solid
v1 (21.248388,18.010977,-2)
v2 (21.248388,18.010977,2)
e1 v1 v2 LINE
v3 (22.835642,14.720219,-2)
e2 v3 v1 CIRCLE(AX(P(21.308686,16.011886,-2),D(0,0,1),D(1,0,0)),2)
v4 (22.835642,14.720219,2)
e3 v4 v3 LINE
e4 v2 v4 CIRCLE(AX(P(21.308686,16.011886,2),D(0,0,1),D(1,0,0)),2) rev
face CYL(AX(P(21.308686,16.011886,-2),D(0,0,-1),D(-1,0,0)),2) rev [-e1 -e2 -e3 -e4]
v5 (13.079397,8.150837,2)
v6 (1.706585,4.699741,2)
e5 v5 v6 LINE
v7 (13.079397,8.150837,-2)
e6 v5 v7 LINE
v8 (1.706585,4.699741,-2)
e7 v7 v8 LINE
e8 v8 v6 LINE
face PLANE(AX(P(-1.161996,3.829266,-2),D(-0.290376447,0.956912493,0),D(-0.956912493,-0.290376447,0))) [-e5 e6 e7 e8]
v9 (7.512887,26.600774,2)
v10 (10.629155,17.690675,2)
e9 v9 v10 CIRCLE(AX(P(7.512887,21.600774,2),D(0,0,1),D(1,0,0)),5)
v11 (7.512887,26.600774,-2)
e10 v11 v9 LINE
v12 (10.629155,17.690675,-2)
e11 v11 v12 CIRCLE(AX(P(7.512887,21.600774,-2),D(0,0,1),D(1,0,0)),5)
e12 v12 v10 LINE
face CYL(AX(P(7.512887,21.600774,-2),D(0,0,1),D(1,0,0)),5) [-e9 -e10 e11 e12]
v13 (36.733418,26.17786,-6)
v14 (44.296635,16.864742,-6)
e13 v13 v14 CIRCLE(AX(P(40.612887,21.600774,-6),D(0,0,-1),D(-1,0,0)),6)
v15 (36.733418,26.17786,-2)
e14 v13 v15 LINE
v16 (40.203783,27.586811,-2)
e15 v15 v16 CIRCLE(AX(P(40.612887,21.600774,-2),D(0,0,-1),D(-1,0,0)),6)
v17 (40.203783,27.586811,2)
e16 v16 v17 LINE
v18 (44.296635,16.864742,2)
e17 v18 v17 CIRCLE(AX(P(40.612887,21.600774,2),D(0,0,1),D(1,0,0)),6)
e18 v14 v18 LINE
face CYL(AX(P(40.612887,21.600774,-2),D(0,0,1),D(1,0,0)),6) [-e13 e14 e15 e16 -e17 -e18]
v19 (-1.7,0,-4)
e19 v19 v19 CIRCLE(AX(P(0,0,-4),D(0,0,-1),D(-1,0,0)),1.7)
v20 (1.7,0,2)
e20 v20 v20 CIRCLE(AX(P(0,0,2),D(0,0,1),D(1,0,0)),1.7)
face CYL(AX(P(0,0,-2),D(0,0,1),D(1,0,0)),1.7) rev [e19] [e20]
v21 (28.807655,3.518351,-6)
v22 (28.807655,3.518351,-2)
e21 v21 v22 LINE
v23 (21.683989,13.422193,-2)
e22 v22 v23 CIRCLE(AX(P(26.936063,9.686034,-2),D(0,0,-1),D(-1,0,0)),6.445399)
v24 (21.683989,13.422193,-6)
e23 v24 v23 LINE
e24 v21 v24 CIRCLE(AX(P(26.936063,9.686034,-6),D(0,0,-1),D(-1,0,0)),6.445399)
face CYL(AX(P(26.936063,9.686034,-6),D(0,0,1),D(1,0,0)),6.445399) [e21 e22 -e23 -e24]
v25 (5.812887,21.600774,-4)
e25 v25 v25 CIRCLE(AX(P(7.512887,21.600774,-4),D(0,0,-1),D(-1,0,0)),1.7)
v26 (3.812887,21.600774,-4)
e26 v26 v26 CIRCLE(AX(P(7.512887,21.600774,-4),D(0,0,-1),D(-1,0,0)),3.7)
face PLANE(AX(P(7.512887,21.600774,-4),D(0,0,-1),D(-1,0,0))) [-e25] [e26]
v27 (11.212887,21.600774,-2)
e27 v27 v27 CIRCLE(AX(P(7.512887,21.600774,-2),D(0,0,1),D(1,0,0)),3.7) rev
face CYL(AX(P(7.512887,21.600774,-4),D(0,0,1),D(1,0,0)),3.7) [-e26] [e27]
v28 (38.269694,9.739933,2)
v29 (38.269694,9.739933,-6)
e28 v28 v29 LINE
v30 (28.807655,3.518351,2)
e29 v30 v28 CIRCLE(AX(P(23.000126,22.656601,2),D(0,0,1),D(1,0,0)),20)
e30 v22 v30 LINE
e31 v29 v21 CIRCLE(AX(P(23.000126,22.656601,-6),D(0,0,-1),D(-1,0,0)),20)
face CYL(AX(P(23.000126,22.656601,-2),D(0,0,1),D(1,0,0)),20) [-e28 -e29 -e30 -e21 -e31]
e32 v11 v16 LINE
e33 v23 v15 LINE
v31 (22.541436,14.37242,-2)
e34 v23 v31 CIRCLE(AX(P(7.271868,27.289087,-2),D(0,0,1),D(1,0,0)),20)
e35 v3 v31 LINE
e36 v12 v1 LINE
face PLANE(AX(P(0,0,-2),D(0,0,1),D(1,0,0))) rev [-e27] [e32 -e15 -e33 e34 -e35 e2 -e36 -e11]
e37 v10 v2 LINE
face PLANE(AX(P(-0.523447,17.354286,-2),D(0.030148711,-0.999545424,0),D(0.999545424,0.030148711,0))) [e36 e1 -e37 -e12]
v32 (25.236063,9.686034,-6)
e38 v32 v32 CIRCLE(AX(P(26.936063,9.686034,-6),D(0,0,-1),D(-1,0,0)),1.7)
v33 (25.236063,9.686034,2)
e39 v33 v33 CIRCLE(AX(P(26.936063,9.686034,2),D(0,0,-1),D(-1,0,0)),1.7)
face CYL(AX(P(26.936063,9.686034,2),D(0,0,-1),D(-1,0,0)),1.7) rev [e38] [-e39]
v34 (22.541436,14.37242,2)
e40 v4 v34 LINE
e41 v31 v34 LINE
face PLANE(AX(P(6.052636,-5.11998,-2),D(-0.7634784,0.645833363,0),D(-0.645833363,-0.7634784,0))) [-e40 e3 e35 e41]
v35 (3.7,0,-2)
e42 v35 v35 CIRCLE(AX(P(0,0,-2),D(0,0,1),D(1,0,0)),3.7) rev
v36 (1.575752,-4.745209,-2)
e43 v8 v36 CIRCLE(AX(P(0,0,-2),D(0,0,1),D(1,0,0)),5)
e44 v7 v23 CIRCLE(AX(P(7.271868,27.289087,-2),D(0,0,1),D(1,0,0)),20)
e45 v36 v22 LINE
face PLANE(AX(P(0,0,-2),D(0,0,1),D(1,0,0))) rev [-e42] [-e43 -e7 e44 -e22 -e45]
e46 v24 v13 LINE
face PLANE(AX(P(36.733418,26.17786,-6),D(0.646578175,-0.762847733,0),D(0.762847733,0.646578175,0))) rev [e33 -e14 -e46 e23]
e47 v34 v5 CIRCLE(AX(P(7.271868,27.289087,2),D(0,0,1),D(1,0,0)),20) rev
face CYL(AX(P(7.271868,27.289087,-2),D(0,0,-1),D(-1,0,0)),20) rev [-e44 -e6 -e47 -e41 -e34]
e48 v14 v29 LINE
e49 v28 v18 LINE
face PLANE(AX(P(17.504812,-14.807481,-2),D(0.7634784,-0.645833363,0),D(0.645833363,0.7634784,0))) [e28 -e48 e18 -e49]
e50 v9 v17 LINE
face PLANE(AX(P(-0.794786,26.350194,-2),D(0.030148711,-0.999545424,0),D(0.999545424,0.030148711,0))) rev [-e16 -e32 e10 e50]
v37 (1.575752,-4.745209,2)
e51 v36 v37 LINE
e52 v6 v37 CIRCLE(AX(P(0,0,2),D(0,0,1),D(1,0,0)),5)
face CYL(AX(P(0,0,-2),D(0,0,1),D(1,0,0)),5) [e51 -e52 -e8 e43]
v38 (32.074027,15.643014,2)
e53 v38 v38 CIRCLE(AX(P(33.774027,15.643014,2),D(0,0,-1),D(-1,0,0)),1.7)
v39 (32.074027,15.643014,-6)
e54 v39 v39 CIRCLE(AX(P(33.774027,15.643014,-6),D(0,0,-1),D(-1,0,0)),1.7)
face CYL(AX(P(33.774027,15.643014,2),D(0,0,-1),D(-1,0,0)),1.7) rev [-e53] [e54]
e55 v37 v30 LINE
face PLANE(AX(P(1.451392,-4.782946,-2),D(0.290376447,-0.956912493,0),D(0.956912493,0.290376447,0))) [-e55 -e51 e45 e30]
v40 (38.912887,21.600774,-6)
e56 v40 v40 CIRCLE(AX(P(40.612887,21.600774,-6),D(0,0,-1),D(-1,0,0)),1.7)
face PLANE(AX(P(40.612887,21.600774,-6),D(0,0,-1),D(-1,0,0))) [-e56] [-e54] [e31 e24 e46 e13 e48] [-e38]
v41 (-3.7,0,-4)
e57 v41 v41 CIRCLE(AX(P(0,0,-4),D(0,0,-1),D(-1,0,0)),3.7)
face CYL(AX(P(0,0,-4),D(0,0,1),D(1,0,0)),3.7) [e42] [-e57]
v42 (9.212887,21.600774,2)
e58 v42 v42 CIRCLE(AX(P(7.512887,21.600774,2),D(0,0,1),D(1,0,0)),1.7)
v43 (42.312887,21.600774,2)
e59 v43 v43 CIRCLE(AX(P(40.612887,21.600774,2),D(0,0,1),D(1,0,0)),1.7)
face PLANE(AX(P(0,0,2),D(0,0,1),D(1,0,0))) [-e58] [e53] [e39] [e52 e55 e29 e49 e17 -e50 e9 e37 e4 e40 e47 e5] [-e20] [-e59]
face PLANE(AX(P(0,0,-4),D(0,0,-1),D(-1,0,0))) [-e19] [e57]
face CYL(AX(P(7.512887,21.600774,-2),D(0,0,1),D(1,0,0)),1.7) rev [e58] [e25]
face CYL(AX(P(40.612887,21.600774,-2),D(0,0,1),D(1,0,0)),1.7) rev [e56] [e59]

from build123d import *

# Parameters (mm, degrees)
BOSS_EXTRUDE1_DEPTH      = 2
BOSS_EXTRUDE1_DEPTH_BACK = 2
SKETCH2_R                = 1.7
FILLET1_R                = 20
BOSS_EXTRUDE4_START      = 4
SKETCH7_R                = 1.7
BOSS_EXTRUDE4_DEPTH      = 4
BOSS_EXTRUDE5_START      = 2
SKETCH8_R                = 3.7
SKETCH8_R_2              = 1.7
BOSS_EXTRUDE5_DEPTH      = 2
FILLET4_R                = 2
SKETCH9_R                = 1.7
CUT_EXTRUDE1_DEPTH       = 55.759144692


with BuildPart() as part:
    # Sketch2 → Boss-Extrude1 (new, two sides: drawn at the far end of the back side and taken through both)
    with BuildSketch(Plane.XY.offset(-BOSS_EXTRUDE1_DEPTH_BACK)):
        with BuildLine():
            Line((1.575752274, -4.745208612), (34.456924853, 5.232629629))
            Line((34.456924853, 5.232629629), (44.296635241, 16.864742156))
            ThreePointArc((44.296635241, 16.864742156), (46.218376178, 23.740514028), (40.203783054, 27.586810508))
            Line((40.203783054, 27.586810508), (7.512886707, 26.600773906))
            ThreePointArc((7.512886707, 26.600773906), (2.79322071, 19.950091357), (10.629154827, 17.690675057))
            Line((10.629154827, 17.690675057), (25.733767379, 18.146266751))
            Line((25.733767379, 18.146266751), (18.728666276, 9.86511608))
            Line((18.728666276, 9.86511608), (1.70658462, 4.699741369))
            ThreePointArc((1.70658462, 4.699741369), (-4.999520368, 0.069253832), (1.575752274, -4.745208612))
        make_face()
        Circle(SKETCH2_R, mode=Mode.SUBTRACT)
        with Locations((40.612886707, 21.600773906)):
            Circle(SKETCH2_R, mode=Mode.SUBTRACT)
        with Locations((7.512886707, 21.600773906)):
            Circle(SKETCH2_R, mode=Mode.SUBTRACT)
    extrude(amount=BOSS_EXTRUDE1_DEPTH + BOSS_EXTRUDE1_DEPTH_BACK)

    # Fillet1
    fillet1_edges = [part.edges().sort_by_distance(p)[0] for p in [
        (34.456924853, 5.232629629, 0),
        (18.728666276, 9.86511608, 0),
    ]]
    fillet(fillet1_edges, radius=FILLET1_R)

    # Sketch7 → Boss-Extrude4 (add)
    with BuildSketch(Plane(origin=(0, 0, -2), x_dir=(-1, 0, 0), z_dir=(0, 0, -1)).offset(BOSS_EXTRUDE4_START)):
        with BuildLine():
            Line((-36.733417778, 26.177860406), (-21.683989193, 13.422192867))
            ThreePointArc((-21.683989193, 13.422192867), (-21.70362245, 5.922427438), (-28.807655282, 3.518350802))
            ThreePointArc((-28.807655282, 3.518350802), (-33.988212002, 5.945467438), (-38.269694349, 9.739933408))
            Line((-38.269694349, 9.739933408), (-44.296635241, 16.864742156))
            ThreePointArc((-44.296635241, 16.864742156), (-45.270474012, 25.383217626), (-36.733417778, 26.177860406))
        make_face()
        with Locations(Location((-40.612886707, 21.600773906, 0), (0, 0, 180))):
            Circle(SKETCH7_R, mode=Mode.SUBTRACT)
    extrude(amount=-BOSS_EXTRUDE4_DEPTH)

    # Sketch8 → Boss-Extrude5 (add)
    # profile 1 of 2: a face of its own
    with BuildSketch(Plane(origin=(0, 0, -2), x_dir=(-1, 0, 0), z_dir=(0, 0, -1)).offset(BOSS_EXTRUDE5_START)):
        with Locations(Location((-7.512886707, 21.600773906, 0), (0, 0, 180))):
            Circle(SKETCH8_R)
        with Locations(Location((-7.512886707, 21.600773906, 0), (0, 0, 180))):
            Circle(SKETCH8_R_2, mode=Mode.SUBTRACT)
    # profile 2 of 2: a face of its own
    with BuildSketch(Plane(origin=(0, 0, -2), x_dir=(-1, 0, 0), z_dir=(0, 0, -1)).offset(BOSS_EXTRUDE5_START)):
        with Locations(Location((0, 0, 0), (0, 0, 180))):
            Circle(SKETCH8_R)
        with Locations(Location((0, 0, 0), (0, 0, 180))):
            Circle(SKETCH8_R_2, mode=Mode.SUBTRACT)
    extrude(amount=-BOSS_EXTRUDE5_DEPTH)

    # Fillet4
    fillet4_edges = [part.edges().sort_by_distance(p)[0] for p in [
        (25.733767379, 18.146266751, 0),
    ]]
    fillet(fillet4_edges, radius=FILLET4_R)

    # Sketch9 → Cut-Extrude1 (cut, through all)
    with BuildSketch(Plane(origin=(0, 0, -6), x_dir=(-1, 0, 0), z_dir=(0, 0, -1))):
        with Locations((-33.774027465, 15.643013901)):
            Circle(SKETCH9_R)
        with Locations((-26.936063231, 9.686033593)):
            Circle(SKETCH9_R)
    extrude(amount=-CUT_EXTRUDE1_DEPTH, mode=Mode.SUBTRACT)


solid = part.part
